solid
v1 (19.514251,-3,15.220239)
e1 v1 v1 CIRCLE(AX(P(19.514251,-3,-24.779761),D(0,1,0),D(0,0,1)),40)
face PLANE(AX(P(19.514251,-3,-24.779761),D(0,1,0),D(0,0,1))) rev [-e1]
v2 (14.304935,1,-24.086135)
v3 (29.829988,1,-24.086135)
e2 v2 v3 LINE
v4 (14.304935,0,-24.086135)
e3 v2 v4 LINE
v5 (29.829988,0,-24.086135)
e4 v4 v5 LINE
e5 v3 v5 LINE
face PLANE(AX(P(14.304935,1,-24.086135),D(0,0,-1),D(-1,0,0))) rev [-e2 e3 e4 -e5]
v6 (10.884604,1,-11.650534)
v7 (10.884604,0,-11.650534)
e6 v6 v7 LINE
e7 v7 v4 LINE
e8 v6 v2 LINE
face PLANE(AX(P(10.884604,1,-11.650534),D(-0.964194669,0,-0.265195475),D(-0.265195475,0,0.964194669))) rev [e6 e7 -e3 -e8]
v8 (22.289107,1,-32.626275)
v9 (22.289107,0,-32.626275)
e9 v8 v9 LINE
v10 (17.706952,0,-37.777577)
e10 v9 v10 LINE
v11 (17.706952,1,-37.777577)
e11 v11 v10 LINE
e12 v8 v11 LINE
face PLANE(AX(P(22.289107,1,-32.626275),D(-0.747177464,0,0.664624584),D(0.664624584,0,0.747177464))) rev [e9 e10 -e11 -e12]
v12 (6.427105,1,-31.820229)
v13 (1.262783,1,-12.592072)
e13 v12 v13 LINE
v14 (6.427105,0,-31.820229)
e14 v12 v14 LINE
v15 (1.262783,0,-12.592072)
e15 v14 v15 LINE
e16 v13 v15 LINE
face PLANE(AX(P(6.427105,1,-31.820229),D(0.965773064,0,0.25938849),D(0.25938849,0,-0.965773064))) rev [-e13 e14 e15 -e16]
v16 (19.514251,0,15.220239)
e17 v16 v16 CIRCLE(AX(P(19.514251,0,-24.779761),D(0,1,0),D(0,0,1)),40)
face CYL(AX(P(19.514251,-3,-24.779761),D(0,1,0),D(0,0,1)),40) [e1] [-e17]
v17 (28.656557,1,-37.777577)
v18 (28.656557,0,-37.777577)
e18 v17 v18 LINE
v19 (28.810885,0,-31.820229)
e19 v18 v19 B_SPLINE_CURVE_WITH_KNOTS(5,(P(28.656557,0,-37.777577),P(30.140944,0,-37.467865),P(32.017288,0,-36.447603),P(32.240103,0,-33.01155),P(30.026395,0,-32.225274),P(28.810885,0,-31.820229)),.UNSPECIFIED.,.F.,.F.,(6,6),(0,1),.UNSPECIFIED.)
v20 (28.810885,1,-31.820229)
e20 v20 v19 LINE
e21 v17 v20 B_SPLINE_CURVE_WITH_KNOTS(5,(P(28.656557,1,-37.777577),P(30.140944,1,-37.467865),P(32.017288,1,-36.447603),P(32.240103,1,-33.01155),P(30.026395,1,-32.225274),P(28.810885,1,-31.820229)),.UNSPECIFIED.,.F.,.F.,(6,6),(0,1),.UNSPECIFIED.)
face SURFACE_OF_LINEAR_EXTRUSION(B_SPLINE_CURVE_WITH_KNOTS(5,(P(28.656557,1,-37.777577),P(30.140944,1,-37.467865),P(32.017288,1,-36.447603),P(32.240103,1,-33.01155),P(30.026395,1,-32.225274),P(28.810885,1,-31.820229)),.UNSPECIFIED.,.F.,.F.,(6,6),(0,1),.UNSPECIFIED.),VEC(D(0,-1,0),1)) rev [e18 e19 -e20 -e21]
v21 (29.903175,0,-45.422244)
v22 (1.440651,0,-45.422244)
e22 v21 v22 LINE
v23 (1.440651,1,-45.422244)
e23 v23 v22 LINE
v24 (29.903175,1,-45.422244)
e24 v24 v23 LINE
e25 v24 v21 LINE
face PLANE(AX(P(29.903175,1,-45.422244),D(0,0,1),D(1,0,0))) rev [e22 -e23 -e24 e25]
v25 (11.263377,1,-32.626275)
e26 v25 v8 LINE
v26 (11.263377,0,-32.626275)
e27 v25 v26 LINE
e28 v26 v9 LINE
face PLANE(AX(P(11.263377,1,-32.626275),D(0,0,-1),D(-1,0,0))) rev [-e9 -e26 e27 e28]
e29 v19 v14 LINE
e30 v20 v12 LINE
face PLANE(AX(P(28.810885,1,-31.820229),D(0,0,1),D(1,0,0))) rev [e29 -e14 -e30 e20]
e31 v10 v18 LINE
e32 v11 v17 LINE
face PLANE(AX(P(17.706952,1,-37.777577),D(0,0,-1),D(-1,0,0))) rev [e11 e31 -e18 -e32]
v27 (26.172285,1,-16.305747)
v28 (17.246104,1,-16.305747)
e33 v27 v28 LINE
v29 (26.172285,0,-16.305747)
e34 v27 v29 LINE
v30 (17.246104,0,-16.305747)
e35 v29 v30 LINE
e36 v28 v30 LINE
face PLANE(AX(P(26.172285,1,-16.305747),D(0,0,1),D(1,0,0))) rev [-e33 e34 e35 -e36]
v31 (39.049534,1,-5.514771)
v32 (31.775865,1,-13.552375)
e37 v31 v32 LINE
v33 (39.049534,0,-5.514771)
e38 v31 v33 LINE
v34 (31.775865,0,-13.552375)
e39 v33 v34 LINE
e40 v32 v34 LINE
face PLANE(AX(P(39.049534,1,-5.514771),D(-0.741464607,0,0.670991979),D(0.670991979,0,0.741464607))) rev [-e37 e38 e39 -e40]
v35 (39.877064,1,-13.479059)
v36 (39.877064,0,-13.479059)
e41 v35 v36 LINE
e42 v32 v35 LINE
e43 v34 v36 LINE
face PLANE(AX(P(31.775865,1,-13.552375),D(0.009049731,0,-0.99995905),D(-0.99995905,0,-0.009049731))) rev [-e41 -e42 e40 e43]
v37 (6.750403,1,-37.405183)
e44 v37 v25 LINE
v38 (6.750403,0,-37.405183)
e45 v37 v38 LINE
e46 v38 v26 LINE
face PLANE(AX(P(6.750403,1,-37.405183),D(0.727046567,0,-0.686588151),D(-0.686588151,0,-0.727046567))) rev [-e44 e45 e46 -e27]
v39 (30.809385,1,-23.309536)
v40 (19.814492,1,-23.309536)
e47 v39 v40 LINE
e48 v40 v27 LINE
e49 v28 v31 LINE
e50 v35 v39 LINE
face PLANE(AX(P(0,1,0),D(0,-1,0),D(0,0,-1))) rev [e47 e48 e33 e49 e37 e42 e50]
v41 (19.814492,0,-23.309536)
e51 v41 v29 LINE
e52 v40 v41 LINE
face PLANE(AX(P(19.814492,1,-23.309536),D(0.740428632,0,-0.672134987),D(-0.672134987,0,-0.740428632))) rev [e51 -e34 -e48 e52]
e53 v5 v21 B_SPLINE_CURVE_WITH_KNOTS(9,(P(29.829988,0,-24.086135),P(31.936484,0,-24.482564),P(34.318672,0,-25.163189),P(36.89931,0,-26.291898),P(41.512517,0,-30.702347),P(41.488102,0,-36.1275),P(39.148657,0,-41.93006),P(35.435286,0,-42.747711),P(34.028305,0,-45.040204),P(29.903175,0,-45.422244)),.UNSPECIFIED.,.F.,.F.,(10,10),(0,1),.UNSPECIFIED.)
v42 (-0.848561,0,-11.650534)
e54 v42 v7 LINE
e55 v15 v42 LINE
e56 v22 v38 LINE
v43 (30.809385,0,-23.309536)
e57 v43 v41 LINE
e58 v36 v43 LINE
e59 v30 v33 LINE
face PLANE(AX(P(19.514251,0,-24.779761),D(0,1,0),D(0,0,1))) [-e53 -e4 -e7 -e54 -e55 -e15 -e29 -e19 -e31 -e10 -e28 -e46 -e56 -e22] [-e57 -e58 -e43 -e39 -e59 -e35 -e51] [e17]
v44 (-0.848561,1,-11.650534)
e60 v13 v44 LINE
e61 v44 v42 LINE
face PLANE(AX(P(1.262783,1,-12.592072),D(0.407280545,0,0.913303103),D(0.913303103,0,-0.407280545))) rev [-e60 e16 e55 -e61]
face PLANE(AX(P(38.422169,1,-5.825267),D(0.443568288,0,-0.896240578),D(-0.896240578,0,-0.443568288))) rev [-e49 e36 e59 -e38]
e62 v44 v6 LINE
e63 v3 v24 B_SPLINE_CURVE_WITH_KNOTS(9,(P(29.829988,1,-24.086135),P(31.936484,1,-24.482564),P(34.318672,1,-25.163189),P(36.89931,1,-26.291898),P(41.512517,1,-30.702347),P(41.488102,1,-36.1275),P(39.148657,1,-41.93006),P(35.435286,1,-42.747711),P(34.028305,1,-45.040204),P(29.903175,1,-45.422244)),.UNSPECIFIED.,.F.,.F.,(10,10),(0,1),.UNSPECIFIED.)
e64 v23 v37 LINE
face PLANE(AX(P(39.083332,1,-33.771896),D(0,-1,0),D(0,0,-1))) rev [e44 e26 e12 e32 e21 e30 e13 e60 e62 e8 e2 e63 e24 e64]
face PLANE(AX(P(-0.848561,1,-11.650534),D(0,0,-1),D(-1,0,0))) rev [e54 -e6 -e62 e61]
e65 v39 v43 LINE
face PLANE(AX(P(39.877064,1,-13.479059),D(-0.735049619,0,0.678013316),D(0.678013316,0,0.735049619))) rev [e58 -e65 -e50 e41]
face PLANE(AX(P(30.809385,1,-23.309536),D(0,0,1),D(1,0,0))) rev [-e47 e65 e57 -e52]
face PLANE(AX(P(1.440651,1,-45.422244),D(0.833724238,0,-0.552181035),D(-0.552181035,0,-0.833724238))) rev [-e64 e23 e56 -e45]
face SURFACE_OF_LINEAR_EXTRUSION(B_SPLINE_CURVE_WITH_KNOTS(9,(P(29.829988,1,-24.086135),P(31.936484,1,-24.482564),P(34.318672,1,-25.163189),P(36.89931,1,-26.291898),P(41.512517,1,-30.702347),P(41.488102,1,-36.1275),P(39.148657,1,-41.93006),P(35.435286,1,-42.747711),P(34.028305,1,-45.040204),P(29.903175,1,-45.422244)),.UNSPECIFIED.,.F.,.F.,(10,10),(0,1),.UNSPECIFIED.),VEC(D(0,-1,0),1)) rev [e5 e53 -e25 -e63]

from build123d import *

# Parameters (mm, degrees)
SKETCH_6_R      = 40
EXTRUDE_1_DEPTH = 3
EXTRUDE_2_DEPTH = 1


with BuildPart() as part:
    # 草图6 → 凸台-拉伸1 (new body)
    with BuildSketch(Plane(origin=(0, 0, 0), x_dir=(1, 0, 0), z_dir=(0, 1, 0))):
        with Locations(Location((19.514251299, 24.77976127, 0), (0, 0, 270))):
            Circle(SKETCH_6_R)
    extrude(amount=-EXTRUDE_1_DEPTH)

    # 草图5 → 凸台-拉伸2 (add)
    with BuildSketch(Plane(origin=(0, 0, 0), x_dir=(1, 0, 0), z_dir=(0, 1, 0))):
        with BuildLine():
            Line((-0.848561441, 11.65053417), (10.884604209, 11.65053417))
            Line((10.884604209, 11.65053417), (14.304935387, 24.086135056))
            Line((14.304935387, 24.086135056), (29.829988347, 24.086135056))
            add(Edge.make_bspline(
                [(29.829988347, 24.086135056), (31.936484303, 24.4825638), (34.318672471, 25.163188991), (36.899310154, 26.291897866), (41.512516948, 30.702347463), (41.488102133, 36.127500115), (39.148657484, 41.930059677), (35.435285923, 42.747710664), (34.028305284, 45.040203592), (29.903175199, 45.422244415)],
                knots=[0, 0, 0, 0, 0, 0, 0, 0, 0, 0, 1, 1, 1, 1, 1, 1, 1, 1, 1, 1], degree=9))
            Line((29.903175199, 45.422244415), (1.440650879, 45.422244415))
            Line((1.440650879, 45.422244415), (6.750403312, 37.405182946))
            Line((6.750403312, 37.405182946), (11.26337671, 32.626274642))
            Line((11.26337671, 32.626274642), (22.289106818, 32.626274642))
            Line((22.289106818, 32.626274642), (17.706952403, 37.77757749))
            Line((17.706952403, 37.77757749), (28.656556673, 37.77757749))
            add(Edge.make_bspline(
                [(28.656556673, 37.77757749), (30.140944485, 37.467864792), (32.017287649, 36.447603196), (32.240103399, 33.011549778), (30.02639504, 32.225274016), (28.810885255, 31.820229302)],
                knots=[0, 0, 0, 0, 0, 0, 1, 1, 1, 1, 1, 1], degree=5))
            Line((28.810885255, 31.820229302), (6.42710467, 31.820229302))
            Line((6.42710467, 31.820229302), (1.262783116, 12.592072153))
            Line((1.262783116, 12.592072153), (-0.848561441, 11.65053417))
        make_face()
        Polygon((39.877064038, 13.479058766), (30.809384671, 23.309535699), (19.814492322, 23.309535699), (26.172284787, 16.30574677), (17.246103581, 16.30574677), (38.422169227, 5.825267085), (39.049534436, 5.514770865), (31.775865335, 13.552375437), align=None)
    extrude(amount=EXTRUDE_2_DEPTH)


solid = part.part
